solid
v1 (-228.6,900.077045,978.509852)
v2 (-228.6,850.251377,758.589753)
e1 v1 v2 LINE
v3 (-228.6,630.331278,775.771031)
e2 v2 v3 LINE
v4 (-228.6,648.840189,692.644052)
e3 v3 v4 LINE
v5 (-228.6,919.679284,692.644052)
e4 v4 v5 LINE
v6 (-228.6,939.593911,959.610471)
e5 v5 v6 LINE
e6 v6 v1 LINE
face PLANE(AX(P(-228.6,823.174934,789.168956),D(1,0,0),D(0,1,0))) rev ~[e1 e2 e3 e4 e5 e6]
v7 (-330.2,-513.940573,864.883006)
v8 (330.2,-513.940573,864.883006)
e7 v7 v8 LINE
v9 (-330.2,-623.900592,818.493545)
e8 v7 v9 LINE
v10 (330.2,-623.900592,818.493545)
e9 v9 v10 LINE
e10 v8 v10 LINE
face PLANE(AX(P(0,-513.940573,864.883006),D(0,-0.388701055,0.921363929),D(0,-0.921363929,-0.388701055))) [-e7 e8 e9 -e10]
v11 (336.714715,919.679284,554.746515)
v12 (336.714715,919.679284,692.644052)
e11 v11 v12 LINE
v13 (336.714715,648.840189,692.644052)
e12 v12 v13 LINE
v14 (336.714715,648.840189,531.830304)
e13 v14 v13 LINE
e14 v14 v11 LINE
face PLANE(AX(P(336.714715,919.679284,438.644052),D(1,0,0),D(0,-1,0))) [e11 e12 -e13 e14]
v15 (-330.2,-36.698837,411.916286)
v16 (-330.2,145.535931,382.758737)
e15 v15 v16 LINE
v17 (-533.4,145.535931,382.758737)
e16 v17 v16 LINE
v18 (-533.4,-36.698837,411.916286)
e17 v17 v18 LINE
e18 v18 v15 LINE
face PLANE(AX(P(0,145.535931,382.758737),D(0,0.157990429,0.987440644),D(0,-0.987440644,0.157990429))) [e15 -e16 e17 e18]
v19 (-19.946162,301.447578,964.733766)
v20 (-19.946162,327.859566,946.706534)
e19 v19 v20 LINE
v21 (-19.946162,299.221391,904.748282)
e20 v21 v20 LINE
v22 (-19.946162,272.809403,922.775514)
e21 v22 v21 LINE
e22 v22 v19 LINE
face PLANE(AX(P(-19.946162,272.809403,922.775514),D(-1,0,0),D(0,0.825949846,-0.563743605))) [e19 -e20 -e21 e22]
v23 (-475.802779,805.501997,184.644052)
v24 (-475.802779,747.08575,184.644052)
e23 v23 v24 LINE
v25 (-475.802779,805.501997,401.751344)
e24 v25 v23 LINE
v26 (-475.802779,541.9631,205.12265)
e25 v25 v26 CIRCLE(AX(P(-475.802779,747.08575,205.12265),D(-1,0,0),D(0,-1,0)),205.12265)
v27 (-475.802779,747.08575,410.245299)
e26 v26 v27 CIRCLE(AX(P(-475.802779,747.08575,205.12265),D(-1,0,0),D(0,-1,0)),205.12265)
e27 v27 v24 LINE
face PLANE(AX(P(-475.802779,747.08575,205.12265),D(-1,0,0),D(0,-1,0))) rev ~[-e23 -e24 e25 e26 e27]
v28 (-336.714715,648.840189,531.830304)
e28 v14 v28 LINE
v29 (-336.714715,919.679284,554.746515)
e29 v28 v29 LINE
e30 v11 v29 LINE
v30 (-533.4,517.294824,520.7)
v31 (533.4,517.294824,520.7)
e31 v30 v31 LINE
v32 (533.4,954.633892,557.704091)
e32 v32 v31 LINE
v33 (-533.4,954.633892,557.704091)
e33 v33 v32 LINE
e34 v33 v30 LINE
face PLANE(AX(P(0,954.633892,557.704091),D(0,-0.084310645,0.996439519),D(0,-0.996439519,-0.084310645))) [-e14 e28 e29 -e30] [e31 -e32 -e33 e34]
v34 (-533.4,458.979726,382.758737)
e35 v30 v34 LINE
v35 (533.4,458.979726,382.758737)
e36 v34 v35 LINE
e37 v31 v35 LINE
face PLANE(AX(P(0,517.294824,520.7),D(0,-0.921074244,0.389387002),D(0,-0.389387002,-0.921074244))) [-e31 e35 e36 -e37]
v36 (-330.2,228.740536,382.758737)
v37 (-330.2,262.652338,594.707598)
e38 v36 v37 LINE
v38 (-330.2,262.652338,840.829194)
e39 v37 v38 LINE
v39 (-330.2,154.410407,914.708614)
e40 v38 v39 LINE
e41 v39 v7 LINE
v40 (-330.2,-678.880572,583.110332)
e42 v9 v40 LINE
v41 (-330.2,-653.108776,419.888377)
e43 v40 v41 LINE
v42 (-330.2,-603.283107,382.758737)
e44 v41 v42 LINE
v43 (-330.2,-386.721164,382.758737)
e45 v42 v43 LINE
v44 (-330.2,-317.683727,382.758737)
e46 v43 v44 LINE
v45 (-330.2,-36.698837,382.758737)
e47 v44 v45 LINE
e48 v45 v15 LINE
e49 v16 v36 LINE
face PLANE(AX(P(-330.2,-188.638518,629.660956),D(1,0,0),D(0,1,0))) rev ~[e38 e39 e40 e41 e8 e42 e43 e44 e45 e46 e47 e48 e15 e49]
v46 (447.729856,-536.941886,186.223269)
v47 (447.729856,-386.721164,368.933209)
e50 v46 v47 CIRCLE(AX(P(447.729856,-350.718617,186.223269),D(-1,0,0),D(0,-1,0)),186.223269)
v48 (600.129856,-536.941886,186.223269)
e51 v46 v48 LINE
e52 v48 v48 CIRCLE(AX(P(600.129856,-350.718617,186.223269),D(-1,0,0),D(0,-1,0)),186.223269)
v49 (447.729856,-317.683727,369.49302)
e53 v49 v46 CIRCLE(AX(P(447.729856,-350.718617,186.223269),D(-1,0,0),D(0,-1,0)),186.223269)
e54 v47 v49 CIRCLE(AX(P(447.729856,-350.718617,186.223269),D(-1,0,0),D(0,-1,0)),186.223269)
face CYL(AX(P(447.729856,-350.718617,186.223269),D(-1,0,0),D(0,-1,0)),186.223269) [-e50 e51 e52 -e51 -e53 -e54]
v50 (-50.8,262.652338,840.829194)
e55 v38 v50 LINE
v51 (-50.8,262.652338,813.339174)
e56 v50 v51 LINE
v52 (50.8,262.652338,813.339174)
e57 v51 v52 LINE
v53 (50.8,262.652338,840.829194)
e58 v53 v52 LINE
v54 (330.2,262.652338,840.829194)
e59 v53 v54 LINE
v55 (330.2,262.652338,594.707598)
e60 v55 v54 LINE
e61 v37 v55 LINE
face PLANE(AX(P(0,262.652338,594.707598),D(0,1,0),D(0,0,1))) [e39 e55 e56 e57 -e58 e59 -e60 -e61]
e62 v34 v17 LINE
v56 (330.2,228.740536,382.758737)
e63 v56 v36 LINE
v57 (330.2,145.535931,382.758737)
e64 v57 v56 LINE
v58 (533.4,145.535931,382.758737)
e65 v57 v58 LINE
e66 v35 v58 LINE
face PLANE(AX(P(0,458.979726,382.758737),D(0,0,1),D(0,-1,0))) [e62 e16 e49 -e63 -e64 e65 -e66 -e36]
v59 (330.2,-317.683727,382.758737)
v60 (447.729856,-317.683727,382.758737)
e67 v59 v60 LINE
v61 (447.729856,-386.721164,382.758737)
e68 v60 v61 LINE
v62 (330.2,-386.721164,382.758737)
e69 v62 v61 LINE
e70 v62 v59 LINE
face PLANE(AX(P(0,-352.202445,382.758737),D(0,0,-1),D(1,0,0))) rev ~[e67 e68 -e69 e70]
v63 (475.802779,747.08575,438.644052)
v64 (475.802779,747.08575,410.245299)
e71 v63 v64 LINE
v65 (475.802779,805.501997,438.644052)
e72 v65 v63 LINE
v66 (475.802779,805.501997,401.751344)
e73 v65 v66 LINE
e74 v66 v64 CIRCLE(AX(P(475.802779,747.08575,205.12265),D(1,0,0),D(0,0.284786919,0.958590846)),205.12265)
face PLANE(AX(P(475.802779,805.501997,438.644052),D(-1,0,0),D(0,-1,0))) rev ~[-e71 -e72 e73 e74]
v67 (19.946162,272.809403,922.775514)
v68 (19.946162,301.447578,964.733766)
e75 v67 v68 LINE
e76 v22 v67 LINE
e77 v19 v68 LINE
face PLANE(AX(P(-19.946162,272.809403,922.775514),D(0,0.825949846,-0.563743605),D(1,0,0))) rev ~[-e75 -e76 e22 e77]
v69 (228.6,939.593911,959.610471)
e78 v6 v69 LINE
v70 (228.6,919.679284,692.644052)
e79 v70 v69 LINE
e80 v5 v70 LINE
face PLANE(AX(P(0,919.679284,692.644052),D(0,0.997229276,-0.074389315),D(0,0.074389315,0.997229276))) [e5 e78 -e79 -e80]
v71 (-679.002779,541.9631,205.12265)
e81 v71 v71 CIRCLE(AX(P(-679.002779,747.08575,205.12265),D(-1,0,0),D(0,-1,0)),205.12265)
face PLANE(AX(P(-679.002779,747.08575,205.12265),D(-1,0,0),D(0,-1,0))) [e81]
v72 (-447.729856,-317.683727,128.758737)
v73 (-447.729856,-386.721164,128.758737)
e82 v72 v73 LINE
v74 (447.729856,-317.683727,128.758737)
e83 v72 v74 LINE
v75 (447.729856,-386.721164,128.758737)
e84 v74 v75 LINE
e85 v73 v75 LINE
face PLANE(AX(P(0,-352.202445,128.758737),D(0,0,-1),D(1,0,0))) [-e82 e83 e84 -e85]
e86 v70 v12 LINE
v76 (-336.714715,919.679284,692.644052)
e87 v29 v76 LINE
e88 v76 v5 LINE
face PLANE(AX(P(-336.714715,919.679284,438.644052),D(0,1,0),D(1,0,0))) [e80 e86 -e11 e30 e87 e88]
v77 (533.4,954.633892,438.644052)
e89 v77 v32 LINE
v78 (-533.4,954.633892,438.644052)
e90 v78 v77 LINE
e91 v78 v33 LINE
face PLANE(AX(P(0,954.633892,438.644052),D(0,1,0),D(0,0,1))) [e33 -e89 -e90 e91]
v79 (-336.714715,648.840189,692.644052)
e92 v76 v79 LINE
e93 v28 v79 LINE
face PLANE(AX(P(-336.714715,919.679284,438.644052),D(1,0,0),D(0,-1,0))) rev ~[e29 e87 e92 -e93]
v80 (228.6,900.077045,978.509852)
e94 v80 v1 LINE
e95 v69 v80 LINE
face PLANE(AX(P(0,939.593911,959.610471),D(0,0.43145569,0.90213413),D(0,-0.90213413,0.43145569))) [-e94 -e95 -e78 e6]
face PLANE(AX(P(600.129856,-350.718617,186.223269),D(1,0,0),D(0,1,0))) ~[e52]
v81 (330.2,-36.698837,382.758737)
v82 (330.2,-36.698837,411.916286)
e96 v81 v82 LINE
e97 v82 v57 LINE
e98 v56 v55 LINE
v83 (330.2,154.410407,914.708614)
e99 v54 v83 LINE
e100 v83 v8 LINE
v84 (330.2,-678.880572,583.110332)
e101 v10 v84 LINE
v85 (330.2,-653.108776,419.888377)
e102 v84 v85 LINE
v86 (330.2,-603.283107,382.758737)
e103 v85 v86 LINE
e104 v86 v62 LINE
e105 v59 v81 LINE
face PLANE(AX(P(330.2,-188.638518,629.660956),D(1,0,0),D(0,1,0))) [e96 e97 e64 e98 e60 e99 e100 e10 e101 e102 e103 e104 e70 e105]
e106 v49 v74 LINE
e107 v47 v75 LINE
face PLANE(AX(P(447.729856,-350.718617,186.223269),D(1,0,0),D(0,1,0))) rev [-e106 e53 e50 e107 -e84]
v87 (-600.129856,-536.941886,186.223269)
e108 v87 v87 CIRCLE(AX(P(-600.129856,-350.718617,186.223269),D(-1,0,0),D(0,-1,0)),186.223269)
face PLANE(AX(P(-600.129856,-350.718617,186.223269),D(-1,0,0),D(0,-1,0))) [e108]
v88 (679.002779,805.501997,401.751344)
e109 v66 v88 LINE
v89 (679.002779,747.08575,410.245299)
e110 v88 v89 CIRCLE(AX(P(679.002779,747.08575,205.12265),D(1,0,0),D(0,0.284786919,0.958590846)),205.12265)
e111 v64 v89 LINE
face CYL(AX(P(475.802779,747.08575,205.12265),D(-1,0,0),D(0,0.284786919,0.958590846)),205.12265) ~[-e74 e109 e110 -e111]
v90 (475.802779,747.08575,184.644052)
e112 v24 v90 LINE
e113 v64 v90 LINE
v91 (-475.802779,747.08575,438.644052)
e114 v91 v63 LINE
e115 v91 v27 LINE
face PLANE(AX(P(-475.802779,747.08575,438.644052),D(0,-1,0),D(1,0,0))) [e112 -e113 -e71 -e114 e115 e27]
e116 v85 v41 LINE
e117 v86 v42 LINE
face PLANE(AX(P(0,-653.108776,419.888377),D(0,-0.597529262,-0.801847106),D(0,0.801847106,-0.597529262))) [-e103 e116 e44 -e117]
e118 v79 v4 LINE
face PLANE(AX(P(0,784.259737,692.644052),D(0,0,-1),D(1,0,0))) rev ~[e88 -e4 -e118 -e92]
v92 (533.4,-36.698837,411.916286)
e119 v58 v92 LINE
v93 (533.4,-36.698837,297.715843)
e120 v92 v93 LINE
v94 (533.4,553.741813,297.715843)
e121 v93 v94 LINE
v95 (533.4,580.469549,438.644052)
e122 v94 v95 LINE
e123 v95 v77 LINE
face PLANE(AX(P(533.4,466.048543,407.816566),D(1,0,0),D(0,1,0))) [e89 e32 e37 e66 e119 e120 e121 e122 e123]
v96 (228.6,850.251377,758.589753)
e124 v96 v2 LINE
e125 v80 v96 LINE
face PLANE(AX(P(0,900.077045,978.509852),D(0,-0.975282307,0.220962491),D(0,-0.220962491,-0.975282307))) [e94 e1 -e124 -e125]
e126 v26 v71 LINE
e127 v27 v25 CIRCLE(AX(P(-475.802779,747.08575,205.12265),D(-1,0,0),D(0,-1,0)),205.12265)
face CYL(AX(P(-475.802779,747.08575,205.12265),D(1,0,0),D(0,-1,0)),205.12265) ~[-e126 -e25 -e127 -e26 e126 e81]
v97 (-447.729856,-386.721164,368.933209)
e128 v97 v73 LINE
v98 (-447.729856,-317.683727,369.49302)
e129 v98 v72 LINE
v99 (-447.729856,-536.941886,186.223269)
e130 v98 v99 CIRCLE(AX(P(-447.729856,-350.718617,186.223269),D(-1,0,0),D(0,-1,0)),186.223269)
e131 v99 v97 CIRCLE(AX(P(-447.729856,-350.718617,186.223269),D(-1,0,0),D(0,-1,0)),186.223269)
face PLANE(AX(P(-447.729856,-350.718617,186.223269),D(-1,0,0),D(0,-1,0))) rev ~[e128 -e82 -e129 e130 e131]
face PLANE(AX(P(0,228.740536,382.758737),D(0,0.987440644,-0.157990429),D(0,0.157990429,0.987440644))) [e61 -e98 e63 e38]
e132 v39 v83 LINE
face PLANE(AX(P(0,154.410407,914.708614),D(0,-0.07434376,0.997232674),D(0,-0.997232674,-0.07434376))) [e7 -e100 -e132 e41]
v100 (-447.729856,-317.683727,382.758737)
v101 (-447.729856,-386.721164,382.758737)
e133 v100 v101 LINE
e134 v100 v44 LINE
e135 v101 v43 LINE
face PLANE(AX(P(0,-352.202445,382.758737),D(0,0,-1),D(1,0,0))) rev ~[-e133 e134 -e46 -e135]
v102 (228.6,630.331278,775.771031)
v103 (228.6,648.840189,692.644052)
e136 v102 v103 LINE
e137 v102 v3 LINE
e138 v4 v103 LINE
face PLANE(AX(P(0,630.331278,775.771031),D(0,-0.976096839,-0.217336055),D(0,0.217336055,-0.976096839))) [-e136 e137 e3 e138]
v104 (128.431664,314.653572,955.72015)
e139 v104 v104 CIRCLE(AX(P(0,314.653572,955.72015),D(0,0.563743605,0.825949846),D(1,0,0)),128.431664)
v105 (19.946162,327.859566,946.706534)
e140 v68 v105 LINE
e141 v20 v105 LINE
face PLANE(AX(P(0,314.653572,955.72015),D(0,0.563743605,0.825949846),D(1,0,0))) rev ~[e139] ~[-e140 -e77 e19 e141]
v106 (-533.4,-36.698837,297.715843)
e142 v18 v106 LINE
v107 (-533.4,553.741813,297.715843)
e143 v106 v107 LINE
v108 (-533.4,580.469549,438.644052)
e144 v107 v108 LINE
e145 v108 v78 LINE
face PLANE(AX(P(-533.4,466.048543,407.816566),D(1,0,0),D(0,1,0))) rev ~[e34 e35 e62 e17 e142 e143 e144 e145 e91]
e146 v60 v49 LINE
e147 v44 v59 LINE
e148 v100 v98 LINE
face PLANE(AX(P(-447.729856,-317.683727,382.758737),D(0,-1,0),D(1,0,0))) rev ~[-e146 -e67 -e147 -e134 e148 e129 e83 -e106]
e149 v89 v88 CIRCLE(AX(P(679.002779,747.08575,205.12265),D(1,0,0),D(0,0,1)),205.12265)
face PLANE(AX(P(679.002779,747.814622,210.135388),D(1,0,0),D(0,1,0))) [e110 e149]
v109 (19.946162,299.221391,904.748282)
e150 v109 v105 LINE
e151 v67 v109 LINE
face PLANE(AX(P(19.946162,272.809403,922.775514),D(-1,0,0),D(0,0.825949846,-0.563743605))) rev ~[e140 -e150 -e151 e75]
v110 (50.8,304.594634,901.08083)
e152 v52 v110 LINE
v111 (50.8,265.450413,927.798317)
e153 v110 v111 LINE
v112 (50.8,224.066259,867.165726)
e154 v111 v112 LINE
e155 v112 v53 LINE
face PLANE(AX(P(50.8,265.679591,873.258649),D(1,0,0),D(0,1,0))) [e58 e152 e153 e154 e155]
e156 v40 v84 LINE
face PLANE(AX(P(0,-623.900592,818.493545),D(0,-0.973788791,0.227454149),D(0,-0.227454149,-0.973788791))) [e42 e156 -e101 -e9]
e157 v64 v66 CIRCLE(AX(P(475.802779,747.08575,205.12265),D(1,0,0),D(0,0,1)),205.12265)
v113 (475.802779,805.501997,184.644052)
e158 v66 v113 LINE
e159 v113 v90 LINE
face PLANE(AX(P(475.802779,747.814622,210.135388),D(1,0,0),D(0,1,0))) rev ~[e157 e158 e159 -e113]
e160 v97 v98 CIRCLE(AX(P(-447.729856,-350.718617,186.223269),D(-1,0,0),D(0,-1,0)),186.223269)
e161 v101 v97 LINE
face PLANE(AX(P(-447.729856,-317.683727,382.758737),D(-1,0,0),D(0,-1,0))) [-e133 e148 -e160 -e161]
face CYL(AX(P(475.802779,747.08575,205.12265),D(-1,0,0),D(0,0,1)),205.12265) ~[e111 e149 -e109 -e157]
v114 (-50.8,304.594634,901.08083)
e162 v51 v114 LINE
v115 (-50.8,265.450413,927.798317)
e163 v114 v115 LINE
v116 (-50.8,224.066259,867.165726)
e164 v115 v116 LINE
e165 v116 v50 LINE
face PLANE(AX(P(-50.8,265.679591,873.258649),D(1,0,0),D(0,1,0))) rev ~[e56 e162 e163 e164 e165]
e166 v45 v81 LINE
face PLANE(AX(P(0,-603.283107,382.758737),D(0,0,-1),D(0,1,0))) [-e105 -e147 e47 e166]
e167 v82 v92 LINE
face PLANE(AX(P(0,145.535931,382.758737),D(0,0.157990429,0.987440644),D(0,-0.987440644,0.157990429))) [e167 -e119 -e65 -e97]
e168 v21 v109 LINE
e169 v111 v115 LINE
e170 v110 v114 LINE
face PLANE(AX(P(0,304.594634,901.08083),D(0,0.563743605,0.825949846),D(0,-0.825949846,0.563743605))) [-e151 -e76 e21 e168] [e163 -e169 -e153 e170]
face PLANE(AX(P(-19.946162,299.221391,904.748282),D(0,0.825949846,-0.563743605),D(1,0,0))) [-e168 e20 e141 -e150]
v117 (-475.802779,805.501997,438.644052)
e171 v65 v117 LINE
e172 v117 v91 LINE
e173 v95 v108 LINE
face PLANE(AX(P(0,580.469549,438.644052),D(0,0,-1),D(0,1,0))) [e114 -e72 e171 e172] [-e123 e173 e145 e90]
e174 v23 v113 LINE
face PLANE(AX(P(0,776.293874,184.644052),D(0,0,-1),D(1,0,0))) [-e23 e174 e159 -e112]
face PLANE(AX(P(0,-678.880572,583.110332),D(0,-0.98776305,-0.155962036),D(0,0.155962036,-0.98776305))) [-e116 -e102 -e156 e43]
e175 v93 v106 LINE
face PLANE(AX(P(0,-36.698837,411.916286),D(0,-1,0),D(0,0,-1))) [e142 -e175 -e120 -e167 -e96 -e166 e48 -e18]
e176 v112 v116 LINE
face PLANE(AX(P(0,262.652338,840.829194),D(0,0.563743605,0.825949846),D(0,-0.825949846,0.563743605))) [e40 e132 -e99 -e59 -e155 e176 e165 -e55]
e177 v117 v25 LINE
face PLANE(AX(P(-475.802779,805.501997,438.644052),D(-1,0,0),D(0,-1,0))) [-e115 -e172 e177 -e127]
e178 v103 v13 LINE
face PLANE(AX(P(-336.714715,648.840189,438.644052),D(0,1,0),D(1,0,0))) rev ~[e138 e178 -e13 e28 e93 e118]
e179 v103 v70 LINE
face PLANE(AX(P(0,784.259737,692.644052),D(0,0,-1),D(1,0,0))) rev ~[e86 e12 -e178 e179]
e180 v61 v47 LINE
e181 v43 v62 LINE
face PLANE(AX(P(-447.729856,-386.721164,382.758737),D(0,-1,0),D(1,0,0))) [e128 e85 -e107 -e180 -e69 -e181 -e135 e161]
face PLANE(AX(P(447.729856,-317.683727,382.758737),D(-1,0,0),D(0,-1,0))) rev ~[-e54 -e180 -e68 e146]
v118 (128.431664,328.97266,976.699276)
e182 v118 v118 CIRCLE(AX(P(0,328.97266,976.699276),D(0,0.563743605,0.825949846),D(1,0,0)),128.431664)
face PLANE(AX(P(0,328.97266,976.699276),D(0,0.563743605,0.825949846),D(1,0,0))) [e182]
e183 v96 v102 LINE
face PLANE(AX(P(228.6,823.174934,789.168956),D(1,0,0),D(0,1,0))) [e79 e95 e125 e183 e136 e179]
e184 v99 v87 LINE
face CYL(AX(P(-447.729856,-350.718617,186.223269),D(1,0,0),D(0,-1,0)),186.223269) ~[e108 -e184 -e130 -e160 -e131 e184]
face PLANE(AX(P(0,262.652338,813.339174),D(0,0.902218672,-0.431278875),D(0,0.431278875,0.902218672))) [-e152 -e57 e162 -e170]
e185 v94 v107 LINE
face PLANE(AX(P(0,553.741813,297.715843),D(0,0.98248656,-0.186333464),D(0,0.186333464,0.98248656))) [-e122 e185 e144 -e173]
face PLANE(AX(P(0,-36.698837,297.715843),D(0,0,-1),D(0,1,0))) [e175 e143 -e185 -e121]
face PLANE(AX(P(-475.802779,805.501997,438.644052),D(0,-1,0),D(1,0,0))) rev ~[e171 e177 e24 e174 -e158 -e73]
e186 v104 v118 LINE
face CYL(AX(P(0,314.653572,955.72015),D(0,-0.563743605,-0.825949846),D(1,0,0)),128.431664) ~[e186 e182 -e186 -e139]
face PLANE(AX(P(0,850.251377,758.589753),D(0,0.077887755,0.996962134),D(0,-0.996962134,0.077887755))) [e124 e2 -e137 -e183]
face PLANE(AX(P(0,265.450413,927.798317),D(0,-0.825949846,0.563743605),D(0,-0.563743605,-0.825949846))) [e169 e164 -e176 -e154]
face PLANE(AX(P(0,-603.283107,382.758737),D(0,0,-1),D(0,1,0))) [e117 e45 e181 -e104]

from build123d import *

# Parameters (mm, degrees)
F3_DEPTH  = 533.4
F5_DEPTH  = 330.2
F6_W      = 895.4597115517
F6_H      = 69.037437439
F7_DEPTH  = 254
F9_DEPTH  = 152.4
F11_W     = 951.6055583954
F11_H     = 58.4162473679
F12_DEPTH = 254
F13_R     = 205.1226496696
F14_DEPTH = 203.2
F16_DEPTH = 203.2
F17_W     = 673.4294295311
F17_H     = 270.8390951157
F18_DEPTH = 254
F20_DEPTH = 228.6
F22_DEPTH = 50.8
F23_W     = 39.8923233151
F23_H     = 31.9777131081
F24_DEPTH = 50.8
F25_R     = 128.4316644383
F26_DEPTH = 25.4


with BuildPart() as f3:
    # F2 (on face) → F3 (new body, symmetric)
    with BuildSketch(Plane.YZ):
        Polygon((580.4695487022, 438.6440515518), (954.6338915825, 438.6440515518), (954.6338915825, 557.7040910721), (517.2948241234, 520.7), (458.9797258377, 382.7587366104), (145.5359309912, 382.7587366104), (-36.6988368332, 411.9162857533), (-36.6988368332, 297.7158427238), (553.741812706, 297.7158427238), align=None)
    extrude(amount=F3_DEPTH, both=True)

    # F4 (on face) → F5 (join, symmetric)
    with BuildSketch(Plane.YZ):
        Polygon((145.5359309912, 382.7587366104), (228.7405356924, 382.7587366104), (262.6523375511, 594.7075978799), (262.6523375511, 840.8291935921), (154.4104069471, 914.7086143494), (-513.9405727386, 864.883005619), (-623.9005923271, 818.4935450554), (-678.880572319, 583.110332489), (-653.1087756157, 419.8883771896), (-603.2831072807, 382.7587366104), align=None)
    extrude(amount=F5_DEPTH, both=True)

    # F6 (on face) → F7 (join)
    with BuildSketch(Plane(origin=(0, 0, 382.7587366104), x_dir=(1, 0, 0), z_dir=(0, 0, -1))):
        with Locations((0, 352.2024452686)):
            Rectangle(F6_W, F6_H)
    extrude(amount=F7_DEPTH)

    # F8 (on face) → F9 (join)
    with BuildSketch(Plane(origin=(-447.7298557758, 0, 0), x_dir=(0, -1, 0), z_dir=(-1, 0, 0))):
        with BuildLine():
            ThreePointArc((350.7186164637, 0), (482.3983530717, 54.5435321866), (536.9418859482, 186.2232685089))
            ThreePointArc((536.9418859482, 186.2232685089), (219.0388818068, 317.9030048312), (350.7186164637, 0))
        make_face()
    extrude(amount=F9_DEPTH)

    # F10: F3 across face


with BuildPart() as f3_1:
    add(f3.part)
    add(f3.part.mirror(Plane.YZ))

    # F11 (on face) → F12 (join)
    with BuildSketch(Plane(origin=(0, 0, 438.6440515518), x_dir=(1, 0, 0), z_dir=(0, 0, -1))):
        with Locations((0, -776.2938737869)):
            Rectangle(F11_W, F11_H)
    extrude(amount=F12_DEPTH)

    # F13 (on face) → F14 (join)
    with BuildSketch(Plane(origin=(-475.8027791977, 0, 0), x_dir=(0, -1, 0), z_dir=(-1, 0, 0))):
        with Locations((-747.085750103, 205.1226496696)):
            Circle(F13_R)
    extrude(amount=F14_DEPTH)

    # F15 (on face) → F16 (join)
    with BuildSketch(Plane.YZ.offset(475.8027791977)):
        with BuildLine():
            ThreePointArc((747.085750103, 410.2452993393), (602.0421335466, 60.0790331133), (952.2083997726, 205.1226496696))
            ThreePointArc((952.2083997726, 205.1226496696), (911.4904289466, 327.7864299058), (805.5019974709, 401.751344043))
            ThreePointArc((805.5019974709, 401.751344043), (776.6010225612, 408.1107037497), (747.085750103, 410.2452993393))
        make_face()
    extrude(amount=F16_DEPTH)

    # F17 (on face) → F18 (join)
    with BuildSketch(Plane(origin=(0, 0, 438.6440515518), x_dir=(1, 0, 0), z_dir=(0, 0, -1))):
        with Locations((0, -784.2597365379)):
            Rectangle(F17_W, F17_H)
    extrude(amount=-F18_DEPTH)

    # F19 (on face) → F20 (join, symmetric)
    with BuildSketch(Plane.YZ):
        Polygon((630.3312778473, 775.7710305214), (648.8401889801, 692.6440515518), (919.6792840958, 692.6440515518), (939.593911171, 959.6104708672), (900.0770449638, 978.5098520279), (850.2513766289, 758.5897532463), align=None)
    extrude(amount=F20_DEPTH, both=True)

    # F21 (on face) → F22 (join, symmetric)
    with BuildSketch(Plane.YZ):
        Polygon((224.0662593073, 867.1657259695), (262.6523375511, 840.8291935921), (262.6523375511, 813.3391737938), (304.5946338236, 901.0808301074), (265.4504130698, 927.7983169367), align=None)
    extrude(amount=F22_DEPTH, both=True)

    # F23 (on face) → F24 (join)
    with BuildSketch(Plane(origin=(0, 516.3670714777, 756.5377224693), x_dir=(1, 0, 0), z_dir=(0, 0.5637436051, 0.8259498458))):
        with Locations((0, -278.8930535316)):
            Rectangle(F23_W, F23_H)
    extrude(amount=F24_DEPTH)

    # F25 (on face) → F26 (join)
    with BuildSketch(Plane(origin=(0, 545.005246616, 798.4959746344), x_dir=(1, 0, 0), z_dir=(0, 0.5637436051, 0.8259498458))):
        with Locations((0, -278.8930535316)):
            Circle(F25_R)
    extrude(amount=F26_DEPTH)


solid = f3_1.part
